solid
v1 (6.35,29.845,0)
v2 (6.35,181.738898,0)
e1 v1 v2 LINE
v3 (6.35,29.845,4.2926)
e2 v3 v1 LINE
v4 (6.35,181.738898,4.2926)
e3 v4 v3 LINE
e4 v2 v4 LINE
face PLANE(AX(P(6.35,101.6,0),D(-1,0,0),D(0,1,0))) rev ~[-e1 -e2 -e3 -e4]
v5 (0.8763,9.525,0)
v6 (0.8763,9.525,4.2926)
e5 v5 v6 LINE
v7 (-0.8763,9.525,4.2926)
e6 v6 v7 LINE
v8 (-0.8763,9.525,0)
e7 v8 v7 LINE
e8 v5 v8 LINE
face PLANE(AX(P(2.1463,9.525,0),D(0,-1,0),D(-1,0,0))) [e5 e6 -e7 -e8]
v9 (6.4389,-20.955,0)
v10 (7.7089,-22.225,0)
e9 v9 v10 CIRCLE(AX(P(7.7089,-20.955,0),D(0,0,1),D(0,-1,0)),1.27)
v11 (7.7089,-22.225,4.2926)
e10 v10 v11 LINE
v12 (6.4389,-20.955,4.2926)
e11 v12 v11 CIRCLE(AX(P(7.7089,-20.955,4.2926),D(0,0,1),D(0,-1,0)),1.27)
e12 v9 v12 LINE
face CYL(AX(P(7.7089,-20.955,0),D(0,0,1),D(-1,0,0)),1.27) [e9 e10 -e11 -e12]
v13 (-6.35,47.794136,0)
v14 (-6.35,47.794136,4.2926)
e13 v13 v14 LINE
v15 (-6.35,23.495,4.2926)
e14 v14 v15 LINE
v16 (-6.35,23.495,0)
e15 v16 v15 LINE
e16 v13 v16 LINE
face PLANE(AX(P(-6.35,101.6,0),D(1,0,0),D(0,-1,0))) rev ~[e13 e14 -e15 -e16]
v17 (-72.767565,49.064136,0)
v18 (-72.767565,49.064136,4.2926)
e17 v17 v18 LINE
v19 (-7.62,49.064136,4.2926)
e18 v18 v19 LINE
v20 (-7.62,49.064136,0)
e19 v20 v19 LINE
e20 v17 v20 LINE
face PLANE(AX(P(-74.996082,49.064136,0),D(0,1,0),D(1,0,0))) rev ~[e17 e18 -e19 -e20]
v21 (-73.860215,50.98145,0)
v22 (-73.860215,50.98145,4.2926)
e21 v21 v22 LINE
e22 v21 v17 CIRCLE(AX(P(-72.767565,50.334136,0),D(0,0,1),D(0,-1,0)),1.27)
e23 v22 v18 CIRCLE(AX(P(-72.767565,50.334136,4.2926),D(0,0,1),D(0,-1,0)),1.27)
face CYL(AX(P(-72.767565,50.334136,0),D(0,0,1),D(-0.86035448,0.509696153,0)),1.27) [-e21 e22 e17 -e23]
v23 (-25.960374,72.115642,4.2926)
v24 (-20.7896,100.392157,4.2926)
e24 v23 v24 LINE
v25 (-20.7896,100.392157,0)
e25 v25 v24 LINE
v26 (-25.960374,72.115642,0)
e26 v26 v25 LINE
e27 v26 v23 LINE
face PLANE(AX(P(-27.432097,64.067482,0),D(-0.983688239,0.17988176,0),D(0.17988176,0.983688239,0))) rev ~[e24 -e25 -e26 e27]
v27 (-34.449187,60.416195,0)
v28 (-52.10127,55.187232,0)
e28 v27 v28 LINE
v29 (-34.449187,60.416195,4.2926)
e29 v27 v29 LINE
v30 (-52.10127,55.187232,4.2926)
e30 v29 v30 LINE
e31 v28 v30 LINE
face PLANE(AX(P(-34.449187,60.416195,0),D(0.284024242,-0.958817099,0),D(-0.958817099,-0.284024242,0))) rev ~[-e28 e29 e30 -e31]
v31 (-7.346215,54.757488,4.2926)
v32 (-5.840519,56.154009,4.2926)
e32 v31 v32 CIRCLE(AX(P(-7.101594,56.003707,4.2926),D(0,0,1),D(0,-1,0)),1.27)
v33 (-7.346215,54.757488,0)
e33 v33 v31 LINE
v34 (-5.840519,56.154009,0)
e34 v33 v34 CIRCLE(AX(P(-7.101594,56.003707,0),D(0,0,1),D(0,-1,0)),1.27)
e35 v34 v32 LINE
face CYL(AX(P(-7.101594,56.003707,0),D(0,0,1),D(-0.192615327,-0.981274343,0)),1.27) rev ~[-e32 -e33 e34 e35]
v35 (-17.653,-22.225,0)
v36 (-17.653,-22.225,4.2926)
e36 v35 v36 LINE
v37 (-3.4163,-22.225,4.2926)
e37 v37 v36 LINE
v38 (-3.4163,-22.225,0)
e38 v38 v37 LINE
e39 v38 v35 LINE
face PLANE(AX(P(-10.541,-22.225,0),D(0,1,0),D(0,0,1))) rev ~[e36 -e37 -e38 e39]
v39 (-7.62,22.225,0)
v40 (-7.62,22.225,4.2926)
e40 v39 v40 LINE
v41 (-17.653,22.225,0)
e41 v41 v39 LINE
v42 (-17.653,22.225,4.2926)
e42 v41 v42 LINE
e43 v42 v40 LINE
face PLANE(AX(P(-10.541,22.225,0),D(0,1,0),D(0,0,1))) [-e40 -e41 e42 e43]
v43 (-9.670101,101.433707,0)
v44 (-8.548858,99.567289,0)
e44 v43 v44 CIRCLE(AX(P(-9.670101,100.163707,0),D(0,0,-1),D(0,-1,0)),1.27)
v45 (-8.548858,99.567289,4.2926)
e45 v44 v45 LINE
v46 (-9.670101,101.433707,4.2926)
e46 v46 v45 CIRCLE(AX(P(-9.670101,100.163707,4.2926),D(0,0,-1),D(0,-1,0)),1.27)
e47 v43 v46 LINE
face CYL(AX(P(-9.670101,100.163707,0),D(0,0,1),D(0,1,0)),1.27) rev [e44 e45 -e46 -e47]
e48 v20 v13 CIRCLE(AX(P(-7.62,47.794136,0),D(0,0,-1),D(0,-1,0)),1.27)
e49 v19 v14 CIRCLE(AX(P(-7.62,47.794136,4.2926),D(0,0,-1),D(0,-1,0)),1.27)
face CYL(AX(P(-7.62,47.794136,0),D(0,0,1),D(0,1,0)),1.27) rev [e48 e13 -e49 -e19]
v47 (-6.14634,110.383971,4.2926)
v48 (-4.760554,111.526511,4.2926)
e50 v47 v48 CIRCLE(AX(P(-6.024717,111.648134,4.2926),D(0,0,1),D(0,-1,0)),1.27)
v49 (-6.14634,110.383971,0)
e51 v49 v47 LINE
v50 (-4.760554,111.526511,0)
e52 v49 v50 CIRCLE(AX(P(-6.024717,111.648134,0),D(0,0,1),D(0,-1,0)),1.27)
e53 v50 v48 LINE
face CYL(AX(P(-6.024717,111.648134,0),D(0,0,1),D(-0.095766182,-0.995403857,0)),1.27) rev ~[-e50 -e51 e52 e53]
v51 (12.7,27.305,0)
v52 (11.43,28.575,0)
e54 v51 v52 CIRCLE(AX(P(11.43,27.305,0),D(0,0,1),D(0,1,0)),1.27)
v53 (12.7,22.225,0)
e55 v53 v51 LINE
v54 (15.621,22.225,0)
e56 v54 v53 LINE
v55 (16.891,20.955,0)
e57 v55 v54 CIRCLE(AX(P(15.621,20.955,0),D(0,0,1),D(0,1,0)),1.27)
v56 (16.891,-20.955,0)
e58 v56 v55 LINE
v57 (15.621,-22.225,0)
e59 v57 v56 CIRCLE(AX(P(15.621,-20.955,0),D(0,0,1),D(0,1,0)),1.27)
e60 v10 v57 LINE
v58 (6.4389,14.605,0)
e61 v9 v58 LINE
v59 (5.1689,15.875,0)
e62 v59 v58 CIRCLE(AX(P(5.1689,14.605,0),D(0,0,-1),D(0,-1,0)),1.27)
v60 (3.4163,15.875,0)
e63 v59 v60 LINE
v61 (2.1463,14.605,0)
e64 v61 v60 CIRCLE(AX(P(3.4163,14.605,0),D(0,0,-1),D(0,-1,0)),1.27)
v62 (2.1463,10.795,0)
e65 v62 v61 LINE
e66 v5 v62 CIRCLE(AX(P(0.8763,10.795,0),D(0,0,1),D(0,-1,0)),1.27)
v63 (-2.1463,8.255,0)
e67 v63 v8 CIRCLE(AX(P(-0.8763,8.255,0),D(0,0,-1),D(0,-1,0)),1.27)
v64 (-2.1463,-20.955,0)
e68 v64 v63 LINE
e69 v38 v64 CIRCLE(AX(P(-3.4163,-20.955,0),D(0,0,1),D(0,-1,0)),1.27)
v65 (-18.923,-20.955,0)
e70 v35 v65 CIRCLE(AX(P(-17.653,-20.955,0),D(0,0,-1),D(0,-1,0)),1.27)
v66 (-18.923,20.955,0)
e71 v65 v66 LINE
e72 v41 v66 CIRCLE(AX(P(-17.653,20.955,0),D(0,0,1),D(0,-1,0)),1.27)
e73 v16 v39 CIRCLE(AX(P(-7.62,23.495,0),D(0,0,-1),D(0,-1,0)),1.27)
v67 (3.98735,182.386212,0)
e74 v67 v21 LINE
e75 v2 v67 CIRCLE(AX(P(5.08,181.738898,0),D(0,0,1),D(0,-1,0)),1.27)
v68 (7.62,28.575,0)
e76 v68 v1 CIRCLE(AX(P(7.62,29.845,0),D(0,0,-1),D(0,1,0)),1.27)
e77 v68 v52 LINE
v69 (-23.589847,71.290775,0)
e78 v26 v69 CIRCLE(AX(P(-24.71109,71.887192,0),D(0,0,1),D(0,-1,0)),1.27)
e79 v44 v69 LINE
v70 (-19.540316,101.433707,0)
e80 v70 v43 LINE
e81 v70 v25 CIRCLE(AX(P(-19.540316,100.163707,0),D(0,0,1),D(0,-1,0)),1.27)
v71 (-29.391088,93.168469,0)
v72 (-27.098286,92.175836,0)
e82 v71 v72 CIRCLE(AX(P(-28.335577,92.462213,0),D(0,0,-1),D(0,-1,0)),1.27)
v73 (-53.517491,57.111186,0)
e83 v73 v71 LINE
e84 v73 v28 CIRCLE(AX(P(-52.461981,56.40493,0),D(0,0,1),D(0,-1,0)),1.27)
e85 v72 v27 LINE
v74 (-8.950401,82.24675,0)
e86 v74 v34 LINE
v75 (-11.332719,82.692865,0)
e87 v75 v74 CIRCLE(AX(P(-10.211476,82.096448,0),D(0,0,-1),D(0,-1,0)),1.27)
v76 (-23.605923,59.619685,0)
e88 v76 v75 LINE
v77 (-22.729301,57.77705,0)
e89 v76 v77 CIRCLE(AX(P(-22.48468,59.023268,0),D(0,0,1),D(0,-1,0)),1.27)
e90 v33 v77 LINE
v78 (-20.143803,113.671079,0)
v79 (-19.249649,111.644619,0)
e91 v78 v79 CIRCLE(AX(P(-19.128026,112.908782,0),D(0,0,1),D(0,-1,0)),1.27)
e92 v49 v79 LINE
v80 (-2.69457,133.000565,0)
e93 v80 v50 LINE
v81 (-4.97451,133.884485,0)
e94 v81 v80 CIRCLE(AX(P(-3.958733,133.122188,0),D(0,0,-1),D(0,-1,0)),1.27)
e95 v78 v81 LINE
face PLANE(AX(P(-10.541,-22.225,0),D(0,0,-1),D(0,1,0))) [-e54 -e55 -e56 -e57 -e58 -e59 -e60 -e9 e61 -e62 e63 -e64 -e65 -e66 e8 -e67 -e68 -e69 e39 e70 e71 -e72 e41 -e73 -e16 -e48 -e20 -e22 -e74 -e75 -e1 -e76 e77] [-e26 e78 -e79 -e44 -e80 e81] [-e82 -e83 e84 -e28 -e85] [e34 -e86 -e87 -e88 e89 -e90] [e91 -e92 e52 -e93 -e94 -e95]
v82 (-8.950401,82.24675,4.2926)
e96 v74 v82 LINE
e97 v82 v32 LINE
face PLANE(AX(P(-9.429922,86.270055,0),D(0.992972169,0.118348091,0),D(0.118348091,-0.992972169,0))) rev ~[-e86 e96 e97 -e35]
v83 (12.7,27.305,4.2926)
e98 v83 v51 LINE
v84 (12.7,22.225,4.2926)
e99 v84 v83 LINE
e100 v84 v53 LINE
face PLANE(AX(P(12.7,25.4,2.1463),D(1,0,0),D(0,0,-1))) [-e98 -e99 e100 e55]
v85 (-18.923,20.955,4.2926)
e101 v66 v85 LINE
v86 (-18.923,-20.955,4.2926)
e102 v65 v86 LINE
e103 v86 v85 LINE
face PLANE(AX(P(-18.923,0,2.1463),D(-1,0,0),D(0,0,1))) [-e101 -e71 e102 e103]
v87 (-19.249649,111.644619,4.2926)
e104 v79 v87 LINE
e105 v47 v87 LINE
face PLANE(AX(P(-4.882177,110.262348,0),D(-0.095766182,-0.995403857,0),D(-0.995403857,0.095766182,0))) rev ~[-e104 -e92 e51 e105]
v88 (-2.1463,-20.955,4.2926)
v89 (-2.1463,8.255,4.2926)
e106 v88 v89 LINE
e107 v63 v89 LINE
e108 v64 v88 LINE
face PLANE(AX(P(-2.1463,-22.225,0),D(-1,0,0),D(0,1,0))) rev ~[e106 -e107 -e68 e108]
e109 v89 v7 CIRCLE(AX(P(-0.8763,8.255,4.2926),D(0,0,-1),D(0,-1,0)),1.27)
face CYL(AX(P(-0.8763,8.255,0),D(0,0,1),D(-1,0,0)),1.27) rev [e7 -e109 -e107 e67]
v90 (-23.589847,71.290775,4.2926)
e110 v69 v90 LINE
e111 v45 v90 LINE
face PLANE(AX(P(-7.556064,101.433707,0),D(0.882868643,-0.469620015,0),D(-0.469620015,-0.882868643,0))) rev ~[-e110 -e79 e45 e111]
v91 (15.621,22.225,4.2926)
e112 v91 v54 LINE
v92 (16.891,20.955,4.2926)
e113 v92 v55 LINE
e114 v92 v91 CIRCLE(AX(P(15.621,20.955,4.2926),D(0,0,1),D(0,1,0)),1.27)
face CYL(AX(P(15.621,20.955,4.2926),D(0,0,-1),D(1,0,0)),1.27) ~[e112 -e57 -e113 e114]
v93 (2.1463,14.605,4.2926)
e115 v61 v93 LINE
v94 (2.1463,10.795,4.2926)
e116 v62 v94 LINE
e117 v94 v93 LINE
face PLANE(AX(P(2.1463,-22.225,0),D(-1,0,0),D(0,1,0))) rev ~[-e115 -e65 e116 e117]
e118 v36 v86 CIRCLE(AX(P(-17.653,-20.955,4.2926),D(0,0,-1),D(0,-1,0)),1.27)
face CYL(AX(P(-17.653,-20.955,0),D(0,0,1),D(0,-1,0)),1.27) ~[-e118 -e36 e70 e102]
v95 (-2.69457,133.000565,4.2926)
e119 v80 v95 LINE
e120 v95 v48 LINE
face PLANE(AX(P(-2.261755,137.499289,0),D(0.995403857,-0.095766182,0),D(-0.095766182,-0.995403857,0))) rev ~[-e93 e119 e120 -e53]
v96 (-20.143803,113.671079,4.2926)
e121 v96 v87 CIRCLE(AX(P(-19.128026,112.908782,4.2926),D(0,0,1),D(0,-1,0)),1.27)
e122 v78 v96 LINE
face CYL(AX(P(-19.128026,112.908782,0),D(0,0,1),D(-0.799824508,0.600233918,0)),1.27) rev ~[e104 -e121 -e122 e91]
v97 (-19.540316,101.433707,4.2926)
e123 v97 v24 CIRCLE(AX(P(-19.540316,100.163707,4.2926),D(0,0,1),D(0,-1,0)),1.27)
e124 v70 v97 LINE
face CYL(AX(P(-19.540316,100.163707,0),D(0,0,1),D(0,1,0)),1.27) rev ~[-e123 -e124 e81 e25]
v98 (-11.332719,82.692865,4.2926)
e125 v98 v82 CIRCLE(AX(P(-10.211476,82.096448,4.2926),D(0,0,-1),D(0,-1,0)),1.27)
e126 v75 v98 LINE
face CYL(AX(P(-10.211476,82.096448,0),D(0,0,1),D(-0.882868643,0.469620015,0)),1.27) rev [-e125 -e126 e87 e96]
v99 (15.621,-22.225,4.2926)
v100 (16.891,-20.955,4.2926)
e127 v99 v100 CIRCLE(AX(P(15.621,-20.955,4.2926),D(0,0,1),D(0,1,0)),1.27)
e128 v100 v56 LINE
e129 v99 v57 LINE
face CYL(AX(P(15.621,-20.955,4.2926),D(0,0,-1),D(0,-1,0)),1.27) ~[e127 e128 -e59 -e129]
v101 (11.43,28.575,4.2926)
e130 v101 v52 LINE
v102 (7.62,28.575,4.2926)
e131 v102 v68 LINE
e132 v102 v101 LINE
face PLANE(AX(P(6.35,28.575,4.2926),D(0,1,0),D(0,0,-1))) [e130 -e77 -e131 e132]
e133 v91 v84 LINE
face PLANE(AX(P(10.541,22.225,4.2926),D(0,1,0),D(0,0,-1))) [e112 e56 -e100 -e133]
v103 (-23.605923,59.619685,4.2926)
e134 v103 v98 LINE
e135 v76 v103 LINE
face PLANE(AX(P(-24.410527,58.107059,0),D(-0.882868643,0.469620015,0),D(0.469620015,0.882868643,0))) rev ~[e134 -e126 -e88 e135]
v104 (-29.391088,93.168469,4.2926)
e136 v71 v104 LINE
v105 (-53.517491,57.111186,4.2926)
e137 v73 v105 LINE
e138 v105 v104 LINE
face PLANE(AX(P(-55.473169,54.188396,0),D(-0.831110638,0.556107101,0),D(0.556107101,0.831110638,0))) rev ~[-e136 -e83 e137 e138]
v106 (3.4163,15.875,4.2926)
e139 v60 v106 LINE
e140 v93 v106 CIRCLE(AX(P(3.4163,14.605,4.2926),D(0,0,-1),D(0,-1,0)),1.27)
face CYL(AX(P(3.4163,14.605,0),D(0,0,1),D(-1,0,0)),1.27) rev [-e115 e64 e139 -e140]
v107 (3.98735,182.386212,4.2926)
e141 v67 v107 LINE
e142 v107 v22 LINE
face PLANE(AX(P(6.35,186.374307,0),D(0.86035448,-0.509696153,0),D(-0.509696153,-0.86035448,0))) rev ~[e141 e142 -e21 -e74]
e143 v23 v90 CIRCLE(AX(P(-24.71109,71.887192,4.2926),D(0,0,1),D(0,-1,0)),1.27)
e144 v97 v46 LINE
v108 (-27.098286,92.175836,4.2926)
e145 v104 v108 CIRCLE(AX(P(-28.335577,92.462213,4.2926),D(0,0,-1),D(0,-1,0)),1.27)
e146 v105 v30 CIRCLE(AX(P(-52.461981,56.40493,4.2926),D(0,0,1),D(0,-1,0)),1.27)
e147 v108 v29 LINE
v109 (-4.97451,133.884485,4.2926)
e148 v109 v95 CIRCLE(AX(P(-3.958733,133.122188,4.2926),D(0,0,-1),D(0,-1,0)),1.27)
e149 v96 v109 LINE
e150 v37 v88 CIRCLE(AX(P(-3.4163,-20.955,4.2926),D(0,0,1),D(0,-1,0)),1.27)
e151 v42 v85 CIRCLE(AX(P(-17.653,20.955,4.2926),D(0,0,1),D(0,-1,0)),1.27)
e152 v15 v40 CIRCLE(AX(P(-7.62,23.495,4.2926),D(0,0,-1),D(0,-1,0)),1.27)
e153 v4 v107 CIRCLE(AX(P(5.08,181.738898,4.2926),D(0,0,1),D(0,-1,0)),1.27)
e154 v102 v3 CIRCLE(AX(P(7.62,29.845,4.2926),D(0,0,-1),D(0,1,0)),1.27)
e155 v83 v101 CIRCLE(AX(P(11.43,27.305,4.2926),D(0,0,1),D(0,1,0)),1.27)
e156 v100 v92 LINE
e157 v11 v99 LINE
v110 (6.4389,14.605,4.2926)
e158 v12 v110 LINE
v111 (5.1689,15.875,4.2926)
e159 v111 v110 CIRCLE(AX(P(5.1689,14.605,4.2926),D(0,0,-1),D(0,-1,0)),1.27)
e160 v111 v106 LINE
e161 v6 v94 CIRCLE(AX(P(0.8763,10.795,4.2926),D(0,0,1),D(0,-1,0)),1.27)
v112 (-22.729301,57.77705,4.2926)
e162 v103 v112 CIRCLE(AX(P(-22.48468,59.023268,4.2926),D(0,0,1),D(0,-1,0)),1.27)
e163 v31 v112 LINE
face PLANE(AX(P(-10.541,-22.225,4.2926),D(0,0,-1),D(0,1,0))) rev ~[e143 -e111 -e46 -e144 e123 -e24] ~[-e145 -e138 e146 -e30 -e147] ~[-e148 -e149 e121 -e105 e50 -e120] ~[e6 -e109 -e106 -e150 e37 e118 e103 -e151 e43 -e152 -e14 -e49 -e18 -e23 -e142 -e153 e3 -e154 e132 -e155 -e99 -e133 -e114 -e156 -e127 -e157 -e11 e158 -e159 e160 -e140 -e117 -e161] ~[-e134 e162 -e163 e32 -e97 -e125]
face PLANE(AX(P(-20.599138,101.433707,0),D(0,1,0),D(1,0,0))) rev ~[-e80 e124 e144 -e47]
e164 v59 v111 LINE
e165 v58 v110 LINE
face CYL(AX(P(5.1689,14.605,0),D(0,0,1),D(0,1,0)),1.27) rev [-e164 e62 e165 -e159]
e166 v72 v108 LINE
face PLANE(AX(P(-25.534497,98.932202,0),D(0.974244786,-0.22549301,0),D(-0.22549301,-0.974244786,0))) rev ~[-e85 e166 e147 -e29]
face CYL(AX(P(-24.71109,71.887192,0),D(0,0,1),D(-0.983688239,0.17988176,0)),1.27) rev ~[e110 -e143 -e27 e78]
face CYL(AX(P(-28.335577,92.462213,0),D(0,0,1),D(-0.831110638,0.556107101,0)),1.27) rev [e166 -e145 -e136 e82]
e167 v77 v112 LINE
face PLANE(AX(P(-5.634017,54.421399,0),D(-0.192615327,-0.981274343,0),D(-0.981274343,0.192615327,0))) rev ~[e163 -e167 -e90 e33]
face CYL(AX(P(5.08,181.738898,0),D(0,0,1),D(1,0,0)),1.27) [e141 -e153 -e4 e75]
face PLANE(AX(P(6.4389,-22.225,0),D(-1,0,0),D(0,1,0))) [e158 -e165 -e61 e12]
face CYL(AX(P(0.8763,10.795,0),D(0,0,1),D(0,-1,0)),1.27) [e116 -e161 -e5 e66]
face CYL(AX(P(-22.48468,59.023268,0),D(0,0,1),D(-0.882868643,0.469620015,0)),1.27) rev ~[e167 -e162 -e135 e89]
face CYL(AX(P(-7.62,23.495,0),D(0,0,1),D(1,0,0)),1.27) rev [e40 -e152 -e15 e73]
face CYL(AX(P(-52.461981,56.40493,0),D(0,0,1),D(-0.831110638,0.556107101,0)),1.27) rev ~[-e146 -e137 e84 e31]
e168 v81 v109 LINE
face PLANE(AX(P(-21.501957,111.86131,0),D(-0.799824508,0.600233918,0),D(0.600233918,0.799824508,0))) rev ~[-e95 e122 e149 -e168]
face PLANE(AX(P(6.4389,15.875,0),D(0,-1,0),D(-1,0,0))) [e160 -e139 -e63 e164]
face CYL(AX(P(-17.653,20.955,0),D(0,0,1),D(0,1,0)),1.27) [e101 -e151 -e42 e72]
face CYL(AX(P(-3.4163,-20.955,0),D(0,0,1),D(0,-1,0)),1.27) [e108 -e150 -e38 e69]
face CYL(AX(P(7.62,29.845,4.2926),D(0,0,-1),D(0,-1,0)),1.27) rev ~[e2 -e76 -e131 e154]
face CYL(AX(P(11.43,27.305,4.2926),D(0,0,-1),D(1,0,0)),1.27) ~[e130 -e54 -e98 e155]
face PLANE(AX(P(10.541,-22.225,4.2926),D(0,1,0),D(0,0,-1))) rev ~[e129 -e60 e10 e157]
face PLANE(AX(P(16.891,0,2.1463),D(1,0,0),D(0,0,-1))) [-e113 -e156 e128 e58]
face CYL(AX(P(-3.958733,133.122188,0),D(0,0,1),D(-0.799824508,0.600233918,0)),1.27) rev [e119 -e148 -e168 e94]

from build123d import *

# Parameters (mm, degrees)
BOSS_EXTRUDE2_DEPTH = 4.2926
BOSS_EXTRUDE3_DEPTH = 4.2926
CUT_EXTRUDE1_DEPTH  = 4.2926
FILLET3_R           = 1.27
SKETCH5_W           = 4.2926
SKETCH5_H           = 31.75
CUT_EXTRUDE2_DEPTH  = 4.2926
SKETCH6_W           = 4.2926
SKETCH6_H           = 38.1
CUT_EXTRUDE3_DEPTH  = 4.2926
SKETCH9_W           = 4.2926
SKETCH9_H           = 44.45
BOSS_EXTRUDE4_DEPTH = 6.35
SKETCH10_W          = 4.2926
SKETCH10_H          = 6.35
BOSS_EXTRUDE5_DEPTH = 6.35
SKETCH12_W          = 4.2926
SKETCH12_H          = 44.45
BOSS_EXTRUDE6_DEPTH = 8.382
FILLET4_R           = 1.27


with BuildPart() as part:
    # Sketch2 → Boss-Extrude2 (new body)
    with BuildSketch(Plane.XY):
        Polygon((6.35, 22.225), (6.35, 101.6), (-6.35, 101.6), (-6.35, 22.225), (-10.541, 22.225), (-10.541, -22.225), (10.541, -22.225), (10.541, 22.225), align=None)
    extrude(amount=BOSS_EXTRUDE2_DEPTH)

    # Sketch2<3> → Boss-Extrude3 (add)
    with BuildSketch(Plane.XY):
        Polygon((-6.35, 101.6), (6.35, 101.6), (6.35, 186.37430696), (-74.996081542, 49.06413634), (-6.35, 49.06413634), align=None)
    extrude(amount=BOSS_EXTRUDE3_DEPTH)

    # Sketch4 → Cut-Extrude1 (cut)
    with BuildSketch(Plane(origin=(0, 0, 0), x_dir=(-1, 0, 0), z_dir=(0, 0, -1))):
        Polygon((2.26175511, 137.499289153), (4.882176806, 110.262347972), (21.501956662, 111.86130989), align=None)
        Polygon((25.53449714, 98.932202401), (34.449187247, 60.416195476), (55.473168553, 54.188396298), align=None)
        Polygon((9.42992166, 86.270055499), (5.634016985, 54.421399088), (24.410527091, 58.107059129), align=None)
        Polygon((7.556063617, 101.433706887), (27.432097362, 64.067482354), (20.599137511, 101.433706887), align=None)
    extrude(amount=-CUT_EXTRUDE1_DEPTH, mode=Mode.SUBTRACT)

    # Fillet3
    fillet3_edges = [part.edges().sort_by_distance(p)[0] for p in [
        (6.35, 186.37430696, 2.1463),
        (-74.996081542, 49.06413634, 2.1463),
        (-6.35, 49.06413634, 2.1463),
        (-20.599137511, 101.433706887, 2.1463),
        (-7.556063617, 101.433706887, 2.1463),
        (-21.501956662, 111.86130989, 2.1463),
        (-4.882176806, 110.262347972, 2.1463),
        (-2.26175511, 137.499289153, 2.1463),
        (-25.53449714, 98.932202401, 2.1463),
        (-55.473168553, 54.188396298, 2.1463),
        (-27.432097362, 64.067482354, 2.1463),
        (-9.42992166, 86.270055499, 2.1463),
        (-5.634016985, 54.421399088, 2.1463),
        (-24.410527091, 58.107059129, 2.1463),
    ]]
    fillet(fillet3_edges, radius=FILLET3_R)

    # Sketch5 → Cut-Extrude2 (cut)
    with BuildSketch(Plane(origin=(0, 0, 0), x_dir=(-1, 0, 0), z_dir=(0, 0, -1))):
        with Locations((0, -6.35)):
            Rectangle(SKETCH5_W, SKETCH5_H)
    extrude(amount=-CUT_EXTRUDE2_DEPTH, mode=Mode.SUBTRACT)

    # Sketch6 → Cut-Extrude3 (cut)
    with BuildSketch(Plane(origin=(0, 0, 0), x_dir=(-1, 0, 0), z_dir=(0, 0, -1))):
        with Locations((-4.2926, -3.175)):
            Rectangle(SKETCH6_W, SKETCH6_H)
    extrude(amount=-CUT_EXTRUDE3_DEPTH, mode=Mode.SUBTRACT)

    # Sketch9 → Boss-Extrude4 (add)
    with BuildSketch(Plane(origin=(10.541, 0, 0), x_dir=(0, 0, -1), z_dir=(1, 0, 0))):
        with Locations((-2.1463, 0)):
            Rectangle(SKETCH9_W, SKETCH9_H)
    extrude(amount=BOSS_EXTRUDE4_DEPTH)

    # Sketch10 → Boss-Extrude5 (add)
    with BuildSketch(Plane(origin=(6.35, 0, 0), x_dir=(0, 0, -1), z_dir=(1, 0, 0))):
        with Locations((-2.1463, 25.4)):
            Rectangle(SKETCH10_W, SKETCH10_H)
    extrude(amount=BOSS_EXTRUDE5_DEPTH)

    # Sketch12 → Boss-Extrude6 (add)
    with BuildSketch(Plane.ZY.offset(10.541)):
        with Locations((2.1463, 0)):
            Rectangle(SKETCH12_W, SKETCH12_H)
    extrude(amount=BOSS_EXTRUDE6_DEPTH)

    # Fillet4
    fillet4_edges = [part.edges().sort_by_distance(p)[0] for p in [
        (6.4389, 15.875, 2.1463),
        (2.1463, 15.875, 2.1463),
        (-2.1463, 9.525, 2.1463),
        (2.1463, 9.525, 2.1463),
        (-6.35, 22.225, 2.1463),
        (-2.1463, -22.225, 2.1463),
        (6.4389, -22.225, 2.1463),
        (16.891, -22.225, 2.1463),
        (16.891, 22.225, 2.1463),
        (6.35, 28.575, 2.1463),
        (12.7, 28.575, 2.1463),
        (-18.923, -22.225, 2.1463),
        (-18.923, 22.225, 2.1463),
    ]]
    fillet(fillet4_edges, radius=FILLET4_R)


solid = part.part
